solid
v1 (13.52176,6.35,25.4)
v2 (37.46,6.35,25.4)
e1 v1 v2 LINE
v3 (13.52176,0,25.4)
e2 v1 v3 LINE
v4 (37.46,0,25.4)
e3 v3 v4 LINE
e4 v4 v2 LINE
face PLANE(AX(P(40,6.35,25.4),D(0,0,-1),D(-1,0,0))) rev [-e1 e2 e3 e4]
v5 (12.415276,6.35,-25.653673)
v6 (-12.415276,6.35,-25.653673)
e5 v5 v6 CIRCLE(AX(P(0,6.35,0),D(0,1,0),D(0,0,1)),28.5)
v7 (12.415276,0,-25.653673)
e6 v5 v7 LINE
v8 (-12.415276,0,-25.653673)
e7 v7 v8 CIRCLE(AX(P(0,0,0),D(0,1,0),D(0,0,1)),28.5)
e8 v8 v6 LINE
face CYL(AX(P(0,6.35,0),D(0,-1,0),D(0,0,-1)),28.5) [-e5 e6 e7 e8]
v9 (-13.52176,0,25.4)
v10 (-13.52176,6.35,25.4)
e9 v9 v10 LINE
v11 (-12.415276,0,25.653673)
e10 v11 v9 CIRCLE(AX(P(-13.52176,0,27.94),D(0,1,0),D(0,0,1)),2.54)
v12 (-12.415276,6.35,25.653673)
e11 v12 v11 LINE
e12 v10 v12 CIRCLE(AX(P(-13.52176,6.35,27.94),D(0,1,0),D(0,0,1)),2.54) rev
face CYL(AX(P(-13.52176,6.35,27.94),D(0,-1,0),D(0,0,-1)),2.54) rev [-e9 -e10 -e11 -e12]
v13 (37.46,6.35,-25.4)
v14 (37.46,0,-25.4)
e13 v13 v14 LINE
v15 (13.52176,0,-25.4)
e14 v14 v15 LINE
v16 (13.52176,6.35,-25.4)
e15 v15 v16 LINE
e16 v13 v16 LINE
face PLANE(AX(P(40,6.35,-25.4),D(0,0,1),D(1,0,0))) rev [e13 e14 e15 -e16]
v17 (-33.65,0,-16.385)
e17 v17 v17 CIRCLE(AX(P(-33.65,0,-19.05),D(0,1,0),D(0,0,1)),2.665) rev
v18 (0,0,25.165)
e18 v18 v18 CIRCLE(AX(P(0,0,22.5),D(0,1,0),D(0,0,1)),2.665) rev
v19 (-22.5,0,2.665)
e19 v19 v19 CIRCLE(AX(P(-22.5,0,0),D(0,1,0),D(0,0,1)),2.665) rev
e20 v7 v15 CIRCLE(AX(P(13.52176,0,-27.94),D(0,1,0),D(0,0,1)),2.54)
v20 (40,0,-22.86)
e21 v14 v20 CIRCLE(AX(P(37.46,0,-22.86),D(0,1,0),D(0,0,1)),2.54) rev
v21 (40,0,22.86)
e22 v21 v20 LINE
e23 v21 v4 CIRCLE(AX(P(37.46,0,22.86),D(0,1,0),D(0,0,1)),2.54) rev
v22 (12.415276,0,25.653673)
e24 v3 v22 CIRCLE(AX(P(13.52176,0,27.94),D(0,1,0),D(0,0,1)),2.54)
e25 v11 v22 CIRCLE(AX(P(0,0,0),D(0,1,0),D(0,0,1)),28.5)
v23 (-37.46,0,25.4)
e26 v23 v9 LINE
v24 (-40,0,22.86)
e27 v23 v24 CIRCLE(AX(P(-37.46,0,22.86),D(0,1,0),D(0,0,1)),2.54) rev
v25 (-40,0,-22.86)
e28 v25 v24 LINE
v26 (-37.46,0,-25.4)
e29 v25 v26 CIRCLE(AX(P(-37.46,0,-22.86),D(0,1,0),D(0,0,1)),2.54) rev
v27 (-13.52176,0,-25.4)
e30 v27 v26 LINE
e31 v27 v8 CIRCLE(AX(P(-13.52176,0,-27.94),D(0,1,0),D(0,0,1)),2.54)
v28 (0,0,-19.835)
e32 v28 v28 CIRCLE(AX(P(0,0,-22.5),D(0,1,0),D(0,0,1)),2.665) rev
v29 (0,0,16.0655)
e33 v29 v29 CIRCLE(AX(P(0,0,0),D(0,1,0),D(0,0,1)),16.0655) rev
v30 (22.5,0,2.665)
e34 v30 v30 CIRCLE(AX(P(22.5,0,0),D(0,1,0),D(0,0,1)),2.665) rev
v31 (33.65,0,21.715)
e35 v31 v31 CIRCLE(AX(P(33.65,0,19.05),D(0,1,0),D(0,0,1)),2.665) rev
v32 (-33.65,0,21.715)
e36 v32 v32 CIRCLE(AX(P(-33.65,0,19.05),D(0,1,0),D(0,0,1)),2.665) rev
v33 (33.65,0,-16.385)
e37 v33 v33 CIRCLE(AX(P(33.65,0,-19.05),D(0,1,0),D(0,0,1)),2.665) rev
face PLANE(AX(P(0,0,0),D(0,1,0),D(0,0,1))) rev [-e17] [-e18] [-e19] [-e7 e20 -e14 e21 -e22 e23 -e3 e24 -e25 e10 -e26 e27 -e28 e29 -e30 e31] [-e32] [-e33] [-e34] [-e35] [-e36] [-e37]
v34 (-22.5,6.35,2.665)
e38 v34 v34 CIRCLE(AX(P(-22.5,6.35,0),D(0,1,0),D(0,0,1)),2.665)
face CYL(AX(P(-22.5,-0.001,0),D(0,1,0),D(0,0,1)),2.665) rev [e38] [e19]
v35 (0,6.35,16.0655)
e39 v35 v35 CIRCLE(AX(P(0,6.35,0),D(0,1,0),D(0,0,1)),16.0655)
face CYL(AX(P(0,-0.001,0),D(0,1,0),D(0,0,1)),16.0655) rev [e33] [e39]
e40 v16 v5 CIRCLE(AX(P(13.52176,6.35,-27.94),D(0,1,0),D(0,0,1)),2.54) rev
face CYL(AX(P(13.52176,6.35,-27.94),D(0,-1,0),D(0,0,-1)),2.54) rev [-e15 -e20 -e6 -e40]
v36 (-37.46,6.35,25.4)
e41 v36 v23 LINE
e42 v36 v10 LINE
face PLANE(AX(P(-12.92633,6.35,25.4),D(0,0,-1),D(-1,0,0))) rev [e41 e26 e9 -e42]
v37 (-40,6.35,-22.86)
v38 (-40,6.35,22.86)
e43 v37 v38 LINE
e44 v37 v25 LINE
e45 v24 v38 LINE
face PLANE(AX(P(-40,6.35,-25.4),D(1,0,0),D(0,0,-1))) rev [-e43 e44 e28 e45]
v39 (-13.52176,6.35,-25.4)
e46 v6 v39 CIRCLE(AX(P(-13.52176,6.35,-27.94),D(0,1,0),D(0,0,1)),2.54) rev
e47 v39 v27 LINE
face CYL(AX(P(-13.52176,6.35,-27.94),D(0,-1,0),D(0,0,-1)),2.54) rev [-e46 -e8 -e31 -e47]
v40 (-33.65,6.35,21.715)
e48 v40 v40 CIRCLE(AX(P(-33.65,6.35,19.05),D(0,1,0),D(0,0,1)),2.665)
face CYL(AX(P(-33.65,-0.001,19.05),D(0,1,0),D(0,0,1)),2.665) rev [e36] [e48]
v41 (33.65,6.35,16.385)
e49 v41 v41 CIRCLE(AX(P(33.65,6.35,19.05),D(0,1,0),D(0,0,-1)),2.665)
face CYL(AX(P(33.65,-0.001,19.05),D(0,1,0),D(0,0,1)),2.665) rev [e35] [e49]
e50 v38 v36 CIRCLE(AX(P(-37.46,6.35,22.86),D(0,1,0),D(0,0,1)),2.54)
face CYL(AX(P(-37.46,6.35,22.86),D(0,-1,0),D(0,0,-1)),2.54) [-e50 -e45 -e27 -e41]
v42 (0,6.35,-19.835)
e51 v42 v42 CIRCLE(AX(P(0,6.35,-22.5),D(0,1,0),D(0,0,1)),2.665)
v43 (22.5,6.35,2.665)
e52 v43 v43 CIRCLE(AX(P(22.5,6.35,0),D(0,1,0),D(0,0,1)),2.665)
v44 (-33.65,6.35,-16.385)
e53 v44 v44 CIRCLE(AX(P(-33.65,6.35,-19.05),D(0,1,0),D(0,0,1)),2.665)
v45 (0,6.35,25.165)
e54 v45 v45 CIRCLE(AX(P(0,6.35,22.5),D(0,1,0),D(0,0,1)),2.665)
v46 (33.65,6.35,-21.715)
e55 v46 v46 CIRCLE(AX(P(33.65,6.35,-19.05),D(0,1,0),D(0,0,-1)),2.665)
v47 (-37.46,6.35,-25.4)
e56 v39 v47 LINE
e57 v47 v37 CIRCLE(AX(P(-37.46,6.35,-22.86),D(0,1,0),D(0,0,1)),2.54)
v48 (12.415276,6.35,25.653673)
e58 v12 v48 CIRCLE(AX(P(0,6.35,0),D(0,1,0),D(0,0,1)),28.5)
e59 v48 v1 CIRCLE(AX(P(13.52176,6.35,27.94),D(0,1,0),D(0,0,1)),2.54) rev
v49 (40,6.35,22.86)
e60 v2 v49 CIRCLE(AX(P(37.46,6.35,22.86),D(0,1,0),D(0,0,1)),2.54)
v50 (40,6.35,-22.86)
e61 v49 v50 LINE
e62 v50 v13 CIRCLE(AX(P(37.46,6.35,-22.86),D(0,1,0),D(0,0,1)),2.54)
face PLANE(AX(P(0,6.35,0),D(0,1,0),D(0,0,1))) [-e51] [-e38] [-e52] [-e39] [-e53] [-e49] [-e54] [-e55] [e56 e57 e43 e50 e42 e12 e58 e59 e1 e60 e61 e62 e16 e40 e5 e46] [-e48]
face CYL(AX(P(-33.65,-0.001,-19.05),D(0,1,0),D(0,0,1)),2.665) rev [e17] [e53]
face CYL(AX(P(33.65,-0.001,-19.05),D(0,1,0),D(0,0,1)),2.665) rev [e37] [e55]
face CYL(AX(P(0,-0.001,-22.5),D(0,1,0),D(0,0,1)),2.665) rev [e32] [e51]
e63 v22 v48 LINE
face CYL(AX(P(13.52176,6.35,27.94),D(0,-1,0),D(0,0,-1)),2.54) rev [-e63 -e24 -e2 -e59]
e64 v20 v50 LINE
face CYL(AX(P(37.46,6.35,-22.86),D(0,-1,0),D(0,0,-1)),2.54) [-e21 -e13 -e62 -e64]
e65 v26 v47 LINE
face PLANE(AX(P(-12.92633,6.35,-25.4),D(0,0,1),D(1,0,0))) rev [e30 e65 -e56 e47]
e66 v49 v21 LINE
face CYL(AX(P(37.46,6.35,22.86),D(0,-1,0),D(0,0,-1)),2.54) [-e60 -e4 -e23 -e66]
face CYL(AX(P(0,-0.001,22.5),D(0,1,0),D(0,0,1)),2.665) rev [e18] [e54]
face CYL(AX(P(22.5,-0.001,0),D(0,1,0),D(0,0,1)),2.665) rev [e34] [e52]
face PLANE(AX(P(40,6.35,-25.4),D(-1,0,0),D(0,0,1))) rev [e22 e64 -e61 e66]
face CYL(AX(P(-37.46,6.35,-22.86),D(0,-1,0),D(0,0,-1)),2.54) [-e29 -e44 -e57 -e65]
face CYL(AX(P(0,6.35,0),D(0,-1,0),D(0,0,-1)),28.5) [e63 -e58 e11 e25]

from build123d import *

# Parameters (mm, degrees)
BOSS_EXTRUDE1_DEPTH = 6.35
CUT_EXTRUDE1_REACH  = 51.523
SKETCH2_R           = 16.0655
CUT_EXTRUDE2_REACH  = 51.523
SKETCH3_R           = 2.665
CUT_EXTRUDE3_REACH  = 51.523
SKETCH4_R           = 2.665
FILLET1_R           = 2.54


with BuildPart() as part:
    # Sketch1 → Boss-Extrude1 (new body)
    with BuildSketch(Plane(origin=(0, 0, 0), x_dir=(1, 0, 0), z_dir=(0, 1, 0))):
        with BuildLine():
            Line((-12.926329719, 25.4), (-40, 25.4))
            Line((-40, 25.4), (-40, -25.4))
            Line((-40, -25.4), (-12.926329719, -25.4))
            ThreePointArc((-12.926329719, -25.4), (0, -28.5), (12.926329719, -25.4))
            Line((12.926329719, -25.4), (40, -25.4))
            Line((40, -25.4), (40, 25.4))
            Line((40, 25.4), (12.926329719, 25.4))
            ThreePointArc((12.926329719, 25.4), (0, 28.5), (-12.926329719, 25.4))
        make_face()
    extrude(amount=BOSS_EXTRUDE1_DEPTH)

    # Sketch2 → Cut-Extrude1 (cut, up to next)
    with BuildSketch(Plane(origin=(0, 6.35, 0), x_dir=(1, 0, 0), z_dir=(0, 1, 0)), mode=Mode.PRIVATE) as cut_extrude1_sk1:
        with Locations(Location((0, 0, 0), (0, 0, 270))):
            Circle(SKETCH2_R)
    cut_extrude1_tool1 = extrude(cut_extrude1_sk1.sketch, amount=-CUT_EXTRUDE1_REACH, mode=Mode.PRIVATE) & part.part
    add(cut_extrude1_tool1.solids().sort_by_distance((0, 6.35, 0))[0], mode=Mode.SUBTRACT)

    # Sketch3 → Cut-Extrude2 (cut, up to next)
    with BuildSketch(Plane(origin=(0, 6.35, 0), x_dir=(1, 0, 0), z_dir=(0, 1, 0)), mode=Mode.PRIVATE) as cut_extrude2_sk1:
        with Locations(Location((0, 22.5, 0), (0, 0, 270))):
            Circle(SKETCH3_R)
    cut_extrude2_tool1 = extrude(cut_extrude2_sk1.sketch, amount=-CUT_EXTRUDE2_REACH, mode=Mode.PRIVATE) & part.part
    # Sketch3 → Cut-Extrude2 (cut, up to next)
    with BuildSketch(Plane(origin=(0, 6.35, 0), x_dir=(1, 0, 0), z_dir=(0, 1, 0)), mode=Mode.PRIVATE) as cut_extrude2_sk2:
        with Locations(Location((22.5, 0, 0), (0, 0, 270))):
            Circle(SKETCH3_R)
    cut_extrude2_tool2 = extrude(cut_extrude2_sk2.sketch, amount=-CUT_EXTRUDE2_REACH, mode=Mode.PRIVATE) & part.part
    # Sketch3 → Cut-Extrude2 (cut, up to next)
    with BuildSketch(Plane(origin=(0, 6.35, 0), x_dir=(1, 0, 0), z_dir=(0, 1, 0)), mode=Mode.PRIVATE) as cut_extrude2_sk3:
        with Locations(Location((0, -22.5, 0), (0, 0, 270))):
            Circle(SKETCH3_R)
    cut_extrude2_tool3 = extrude(cut_extrude2_sk3.sketch, amount=-CUT_EXTRUDE2_REACH, mode=Mode.PRIVATE) & part.part
    # Sketch3 → Cut-Extrude2 (cut, up to next)
    with BuildSketch(Plane(origin=(0, 6.35, 0), x_dir=(1, 0, 0), z_dir=(0, 1, 0)), mode=Mode.PRIVATE) as cut_extrude2_sk4:
        with Locations(Location((-22.5, 0, 0), (0, 0, 270))):
            Circle(SKETCH3_R)
    cut_extrude2_tool4 = extrude(cut_extrude2_sk4.sketch, amount=-CUT_EXTRUDE2_REACH, mode=Mode.PRIVATE) & part.part
    add(cut_extrude2_tool1.solids().sort_by_distance((0, 6.35, -22.5))[0], mode=Mode.SUBTRACT)
    add(cut_extrude2_tool2.solids().sort_by_distance((22.5, 6.35, 0))[0], mode=Mode.SUBTRACT)
    add(cut_extrude2_tool3.solids().sort_by_distance((0, 6.35, 22.5))[0], mode=Mode.SUBTRACT)
    add(cut_extrude2_tool4.solids().sort_by_distance((-22.5, 6.35, 0))[0], mode=Mode.SUBTRACT)

    # Sketch4 → Cut-Extrude3 (cut, up to next)
    with BuildSketch(Plane(origin=(0, 6.35, 0), x_dir=(1, 0, 0), z_dir=(0, 1, 0)), mode=Mode.PRIVATE) as cut_extrude3_sk1:
        with Locations(Location((-33.65, 19.05, 0), (0, 0, 270))):
            Circle(SKETCH4_R)
    cut_extrude3_tool1 = extrude(cut_extrude3_sk1.sketch, amount=-CUT_EXTRUDE3_REACH, mode=Mode.PRIVATE) & part.part
    # Sketch4 → Cut-Extrude3 (cut, up to next)
    with BuildSketch(Plane(origin=(0, 6.35, 0), x_dir=(1, 0, 0), z_dir=(0, 1, 0)), mode=Mode.PRIVATE) as cut_extrude3_sk2:
        with Locations(Location((-33.65, -19.05, 0), (0, 0, 270))):
            Circle(SKETCH4_R)
    cut_extrude3_tool2 = extrude(cut_extrude3_sk2.sketch, amount=-CUT_EXTRUDE3_REACH, mode=Mode.PRIVATE) & part.part
    # Sketch4 → Cut-Extrude3 (cut, up to next)
    with BuildSketch(Plane(origin=(0, 6.35, 0), x_dir=(1, 0, 0), z_dir=(0, 1, 0)), mode=Mode.PRIVATE) as cut_extrude3_sk3:
        with Locations(Location((33.65, 19.05, 0), (0, 0, 270))):
            Circle(SKETCH4_R)
    cut_extrude3_tool3 = extrude(cut_extrude3_sk3.sketch, amount=-CUT_EXTRUDE3_REACH, mode=Mode.PRIVATE) & part.part
    # Sketch4 → Cut-Extrude3 (cut, up to next)
    with BuildSketch(Plane(origin=(0, 6.35, 0), x_dir=(1, 0, 0), z_dir=(0, 1, 0)), mode=Mode.PRIVATE) as cut_extrude3_sk4:
        with Locations(Location((33.65, -19.05, 0), (0, 0, 270))):
            Circle(SKETCH4_R)
    cut_extrude3_tool4 = extrude(cut_extrude3_sk4.sketch, amount=-CUT_EXTRUDE3_REACH, mode=Mode.PRIVATE) & part.part
    add(cut_extrude3_tool1.solids().sort_by_distance((-33.65, 6.35, -19.05))[0], mode=Mode.SUBTRACT)
    add(cut_extrude3_tool2.solids().sort_by_distance((-33.65, 6.35, 19.05))[0], mode=Mode.SUBTRACT)
    add(cut_extrude3_tool3.solids().sort_by_distance((33.65, 6.35, -19.05))[0], mode=Mode.SUBTRACT)
    add(cut_extrude3_tool4.solids().sort_by_distance((33.65, 6.35, 19.05))[0], mode=Mode.SUBTRACT)

    # Fillet1
    fillet1_edges = [part.edges().sort_by_distance(p)[0] for p in [
        (12.926329719, 3.175, -25.4),
        (40, 3.175, -25.4),
        (40, 3.175, 25.4),
        (12.926329719, 3.175, 25.4),
        (-12.926329719, 3.175, 25.4),
        (-40, 3.175, 25.4),
        (-40, 3.175, -25.4),
        (-12.926329719, 3.175, -25.4),
    ]]
    fillet(fillet1_edges, radius=FILLET1_R)


solid = part.part
